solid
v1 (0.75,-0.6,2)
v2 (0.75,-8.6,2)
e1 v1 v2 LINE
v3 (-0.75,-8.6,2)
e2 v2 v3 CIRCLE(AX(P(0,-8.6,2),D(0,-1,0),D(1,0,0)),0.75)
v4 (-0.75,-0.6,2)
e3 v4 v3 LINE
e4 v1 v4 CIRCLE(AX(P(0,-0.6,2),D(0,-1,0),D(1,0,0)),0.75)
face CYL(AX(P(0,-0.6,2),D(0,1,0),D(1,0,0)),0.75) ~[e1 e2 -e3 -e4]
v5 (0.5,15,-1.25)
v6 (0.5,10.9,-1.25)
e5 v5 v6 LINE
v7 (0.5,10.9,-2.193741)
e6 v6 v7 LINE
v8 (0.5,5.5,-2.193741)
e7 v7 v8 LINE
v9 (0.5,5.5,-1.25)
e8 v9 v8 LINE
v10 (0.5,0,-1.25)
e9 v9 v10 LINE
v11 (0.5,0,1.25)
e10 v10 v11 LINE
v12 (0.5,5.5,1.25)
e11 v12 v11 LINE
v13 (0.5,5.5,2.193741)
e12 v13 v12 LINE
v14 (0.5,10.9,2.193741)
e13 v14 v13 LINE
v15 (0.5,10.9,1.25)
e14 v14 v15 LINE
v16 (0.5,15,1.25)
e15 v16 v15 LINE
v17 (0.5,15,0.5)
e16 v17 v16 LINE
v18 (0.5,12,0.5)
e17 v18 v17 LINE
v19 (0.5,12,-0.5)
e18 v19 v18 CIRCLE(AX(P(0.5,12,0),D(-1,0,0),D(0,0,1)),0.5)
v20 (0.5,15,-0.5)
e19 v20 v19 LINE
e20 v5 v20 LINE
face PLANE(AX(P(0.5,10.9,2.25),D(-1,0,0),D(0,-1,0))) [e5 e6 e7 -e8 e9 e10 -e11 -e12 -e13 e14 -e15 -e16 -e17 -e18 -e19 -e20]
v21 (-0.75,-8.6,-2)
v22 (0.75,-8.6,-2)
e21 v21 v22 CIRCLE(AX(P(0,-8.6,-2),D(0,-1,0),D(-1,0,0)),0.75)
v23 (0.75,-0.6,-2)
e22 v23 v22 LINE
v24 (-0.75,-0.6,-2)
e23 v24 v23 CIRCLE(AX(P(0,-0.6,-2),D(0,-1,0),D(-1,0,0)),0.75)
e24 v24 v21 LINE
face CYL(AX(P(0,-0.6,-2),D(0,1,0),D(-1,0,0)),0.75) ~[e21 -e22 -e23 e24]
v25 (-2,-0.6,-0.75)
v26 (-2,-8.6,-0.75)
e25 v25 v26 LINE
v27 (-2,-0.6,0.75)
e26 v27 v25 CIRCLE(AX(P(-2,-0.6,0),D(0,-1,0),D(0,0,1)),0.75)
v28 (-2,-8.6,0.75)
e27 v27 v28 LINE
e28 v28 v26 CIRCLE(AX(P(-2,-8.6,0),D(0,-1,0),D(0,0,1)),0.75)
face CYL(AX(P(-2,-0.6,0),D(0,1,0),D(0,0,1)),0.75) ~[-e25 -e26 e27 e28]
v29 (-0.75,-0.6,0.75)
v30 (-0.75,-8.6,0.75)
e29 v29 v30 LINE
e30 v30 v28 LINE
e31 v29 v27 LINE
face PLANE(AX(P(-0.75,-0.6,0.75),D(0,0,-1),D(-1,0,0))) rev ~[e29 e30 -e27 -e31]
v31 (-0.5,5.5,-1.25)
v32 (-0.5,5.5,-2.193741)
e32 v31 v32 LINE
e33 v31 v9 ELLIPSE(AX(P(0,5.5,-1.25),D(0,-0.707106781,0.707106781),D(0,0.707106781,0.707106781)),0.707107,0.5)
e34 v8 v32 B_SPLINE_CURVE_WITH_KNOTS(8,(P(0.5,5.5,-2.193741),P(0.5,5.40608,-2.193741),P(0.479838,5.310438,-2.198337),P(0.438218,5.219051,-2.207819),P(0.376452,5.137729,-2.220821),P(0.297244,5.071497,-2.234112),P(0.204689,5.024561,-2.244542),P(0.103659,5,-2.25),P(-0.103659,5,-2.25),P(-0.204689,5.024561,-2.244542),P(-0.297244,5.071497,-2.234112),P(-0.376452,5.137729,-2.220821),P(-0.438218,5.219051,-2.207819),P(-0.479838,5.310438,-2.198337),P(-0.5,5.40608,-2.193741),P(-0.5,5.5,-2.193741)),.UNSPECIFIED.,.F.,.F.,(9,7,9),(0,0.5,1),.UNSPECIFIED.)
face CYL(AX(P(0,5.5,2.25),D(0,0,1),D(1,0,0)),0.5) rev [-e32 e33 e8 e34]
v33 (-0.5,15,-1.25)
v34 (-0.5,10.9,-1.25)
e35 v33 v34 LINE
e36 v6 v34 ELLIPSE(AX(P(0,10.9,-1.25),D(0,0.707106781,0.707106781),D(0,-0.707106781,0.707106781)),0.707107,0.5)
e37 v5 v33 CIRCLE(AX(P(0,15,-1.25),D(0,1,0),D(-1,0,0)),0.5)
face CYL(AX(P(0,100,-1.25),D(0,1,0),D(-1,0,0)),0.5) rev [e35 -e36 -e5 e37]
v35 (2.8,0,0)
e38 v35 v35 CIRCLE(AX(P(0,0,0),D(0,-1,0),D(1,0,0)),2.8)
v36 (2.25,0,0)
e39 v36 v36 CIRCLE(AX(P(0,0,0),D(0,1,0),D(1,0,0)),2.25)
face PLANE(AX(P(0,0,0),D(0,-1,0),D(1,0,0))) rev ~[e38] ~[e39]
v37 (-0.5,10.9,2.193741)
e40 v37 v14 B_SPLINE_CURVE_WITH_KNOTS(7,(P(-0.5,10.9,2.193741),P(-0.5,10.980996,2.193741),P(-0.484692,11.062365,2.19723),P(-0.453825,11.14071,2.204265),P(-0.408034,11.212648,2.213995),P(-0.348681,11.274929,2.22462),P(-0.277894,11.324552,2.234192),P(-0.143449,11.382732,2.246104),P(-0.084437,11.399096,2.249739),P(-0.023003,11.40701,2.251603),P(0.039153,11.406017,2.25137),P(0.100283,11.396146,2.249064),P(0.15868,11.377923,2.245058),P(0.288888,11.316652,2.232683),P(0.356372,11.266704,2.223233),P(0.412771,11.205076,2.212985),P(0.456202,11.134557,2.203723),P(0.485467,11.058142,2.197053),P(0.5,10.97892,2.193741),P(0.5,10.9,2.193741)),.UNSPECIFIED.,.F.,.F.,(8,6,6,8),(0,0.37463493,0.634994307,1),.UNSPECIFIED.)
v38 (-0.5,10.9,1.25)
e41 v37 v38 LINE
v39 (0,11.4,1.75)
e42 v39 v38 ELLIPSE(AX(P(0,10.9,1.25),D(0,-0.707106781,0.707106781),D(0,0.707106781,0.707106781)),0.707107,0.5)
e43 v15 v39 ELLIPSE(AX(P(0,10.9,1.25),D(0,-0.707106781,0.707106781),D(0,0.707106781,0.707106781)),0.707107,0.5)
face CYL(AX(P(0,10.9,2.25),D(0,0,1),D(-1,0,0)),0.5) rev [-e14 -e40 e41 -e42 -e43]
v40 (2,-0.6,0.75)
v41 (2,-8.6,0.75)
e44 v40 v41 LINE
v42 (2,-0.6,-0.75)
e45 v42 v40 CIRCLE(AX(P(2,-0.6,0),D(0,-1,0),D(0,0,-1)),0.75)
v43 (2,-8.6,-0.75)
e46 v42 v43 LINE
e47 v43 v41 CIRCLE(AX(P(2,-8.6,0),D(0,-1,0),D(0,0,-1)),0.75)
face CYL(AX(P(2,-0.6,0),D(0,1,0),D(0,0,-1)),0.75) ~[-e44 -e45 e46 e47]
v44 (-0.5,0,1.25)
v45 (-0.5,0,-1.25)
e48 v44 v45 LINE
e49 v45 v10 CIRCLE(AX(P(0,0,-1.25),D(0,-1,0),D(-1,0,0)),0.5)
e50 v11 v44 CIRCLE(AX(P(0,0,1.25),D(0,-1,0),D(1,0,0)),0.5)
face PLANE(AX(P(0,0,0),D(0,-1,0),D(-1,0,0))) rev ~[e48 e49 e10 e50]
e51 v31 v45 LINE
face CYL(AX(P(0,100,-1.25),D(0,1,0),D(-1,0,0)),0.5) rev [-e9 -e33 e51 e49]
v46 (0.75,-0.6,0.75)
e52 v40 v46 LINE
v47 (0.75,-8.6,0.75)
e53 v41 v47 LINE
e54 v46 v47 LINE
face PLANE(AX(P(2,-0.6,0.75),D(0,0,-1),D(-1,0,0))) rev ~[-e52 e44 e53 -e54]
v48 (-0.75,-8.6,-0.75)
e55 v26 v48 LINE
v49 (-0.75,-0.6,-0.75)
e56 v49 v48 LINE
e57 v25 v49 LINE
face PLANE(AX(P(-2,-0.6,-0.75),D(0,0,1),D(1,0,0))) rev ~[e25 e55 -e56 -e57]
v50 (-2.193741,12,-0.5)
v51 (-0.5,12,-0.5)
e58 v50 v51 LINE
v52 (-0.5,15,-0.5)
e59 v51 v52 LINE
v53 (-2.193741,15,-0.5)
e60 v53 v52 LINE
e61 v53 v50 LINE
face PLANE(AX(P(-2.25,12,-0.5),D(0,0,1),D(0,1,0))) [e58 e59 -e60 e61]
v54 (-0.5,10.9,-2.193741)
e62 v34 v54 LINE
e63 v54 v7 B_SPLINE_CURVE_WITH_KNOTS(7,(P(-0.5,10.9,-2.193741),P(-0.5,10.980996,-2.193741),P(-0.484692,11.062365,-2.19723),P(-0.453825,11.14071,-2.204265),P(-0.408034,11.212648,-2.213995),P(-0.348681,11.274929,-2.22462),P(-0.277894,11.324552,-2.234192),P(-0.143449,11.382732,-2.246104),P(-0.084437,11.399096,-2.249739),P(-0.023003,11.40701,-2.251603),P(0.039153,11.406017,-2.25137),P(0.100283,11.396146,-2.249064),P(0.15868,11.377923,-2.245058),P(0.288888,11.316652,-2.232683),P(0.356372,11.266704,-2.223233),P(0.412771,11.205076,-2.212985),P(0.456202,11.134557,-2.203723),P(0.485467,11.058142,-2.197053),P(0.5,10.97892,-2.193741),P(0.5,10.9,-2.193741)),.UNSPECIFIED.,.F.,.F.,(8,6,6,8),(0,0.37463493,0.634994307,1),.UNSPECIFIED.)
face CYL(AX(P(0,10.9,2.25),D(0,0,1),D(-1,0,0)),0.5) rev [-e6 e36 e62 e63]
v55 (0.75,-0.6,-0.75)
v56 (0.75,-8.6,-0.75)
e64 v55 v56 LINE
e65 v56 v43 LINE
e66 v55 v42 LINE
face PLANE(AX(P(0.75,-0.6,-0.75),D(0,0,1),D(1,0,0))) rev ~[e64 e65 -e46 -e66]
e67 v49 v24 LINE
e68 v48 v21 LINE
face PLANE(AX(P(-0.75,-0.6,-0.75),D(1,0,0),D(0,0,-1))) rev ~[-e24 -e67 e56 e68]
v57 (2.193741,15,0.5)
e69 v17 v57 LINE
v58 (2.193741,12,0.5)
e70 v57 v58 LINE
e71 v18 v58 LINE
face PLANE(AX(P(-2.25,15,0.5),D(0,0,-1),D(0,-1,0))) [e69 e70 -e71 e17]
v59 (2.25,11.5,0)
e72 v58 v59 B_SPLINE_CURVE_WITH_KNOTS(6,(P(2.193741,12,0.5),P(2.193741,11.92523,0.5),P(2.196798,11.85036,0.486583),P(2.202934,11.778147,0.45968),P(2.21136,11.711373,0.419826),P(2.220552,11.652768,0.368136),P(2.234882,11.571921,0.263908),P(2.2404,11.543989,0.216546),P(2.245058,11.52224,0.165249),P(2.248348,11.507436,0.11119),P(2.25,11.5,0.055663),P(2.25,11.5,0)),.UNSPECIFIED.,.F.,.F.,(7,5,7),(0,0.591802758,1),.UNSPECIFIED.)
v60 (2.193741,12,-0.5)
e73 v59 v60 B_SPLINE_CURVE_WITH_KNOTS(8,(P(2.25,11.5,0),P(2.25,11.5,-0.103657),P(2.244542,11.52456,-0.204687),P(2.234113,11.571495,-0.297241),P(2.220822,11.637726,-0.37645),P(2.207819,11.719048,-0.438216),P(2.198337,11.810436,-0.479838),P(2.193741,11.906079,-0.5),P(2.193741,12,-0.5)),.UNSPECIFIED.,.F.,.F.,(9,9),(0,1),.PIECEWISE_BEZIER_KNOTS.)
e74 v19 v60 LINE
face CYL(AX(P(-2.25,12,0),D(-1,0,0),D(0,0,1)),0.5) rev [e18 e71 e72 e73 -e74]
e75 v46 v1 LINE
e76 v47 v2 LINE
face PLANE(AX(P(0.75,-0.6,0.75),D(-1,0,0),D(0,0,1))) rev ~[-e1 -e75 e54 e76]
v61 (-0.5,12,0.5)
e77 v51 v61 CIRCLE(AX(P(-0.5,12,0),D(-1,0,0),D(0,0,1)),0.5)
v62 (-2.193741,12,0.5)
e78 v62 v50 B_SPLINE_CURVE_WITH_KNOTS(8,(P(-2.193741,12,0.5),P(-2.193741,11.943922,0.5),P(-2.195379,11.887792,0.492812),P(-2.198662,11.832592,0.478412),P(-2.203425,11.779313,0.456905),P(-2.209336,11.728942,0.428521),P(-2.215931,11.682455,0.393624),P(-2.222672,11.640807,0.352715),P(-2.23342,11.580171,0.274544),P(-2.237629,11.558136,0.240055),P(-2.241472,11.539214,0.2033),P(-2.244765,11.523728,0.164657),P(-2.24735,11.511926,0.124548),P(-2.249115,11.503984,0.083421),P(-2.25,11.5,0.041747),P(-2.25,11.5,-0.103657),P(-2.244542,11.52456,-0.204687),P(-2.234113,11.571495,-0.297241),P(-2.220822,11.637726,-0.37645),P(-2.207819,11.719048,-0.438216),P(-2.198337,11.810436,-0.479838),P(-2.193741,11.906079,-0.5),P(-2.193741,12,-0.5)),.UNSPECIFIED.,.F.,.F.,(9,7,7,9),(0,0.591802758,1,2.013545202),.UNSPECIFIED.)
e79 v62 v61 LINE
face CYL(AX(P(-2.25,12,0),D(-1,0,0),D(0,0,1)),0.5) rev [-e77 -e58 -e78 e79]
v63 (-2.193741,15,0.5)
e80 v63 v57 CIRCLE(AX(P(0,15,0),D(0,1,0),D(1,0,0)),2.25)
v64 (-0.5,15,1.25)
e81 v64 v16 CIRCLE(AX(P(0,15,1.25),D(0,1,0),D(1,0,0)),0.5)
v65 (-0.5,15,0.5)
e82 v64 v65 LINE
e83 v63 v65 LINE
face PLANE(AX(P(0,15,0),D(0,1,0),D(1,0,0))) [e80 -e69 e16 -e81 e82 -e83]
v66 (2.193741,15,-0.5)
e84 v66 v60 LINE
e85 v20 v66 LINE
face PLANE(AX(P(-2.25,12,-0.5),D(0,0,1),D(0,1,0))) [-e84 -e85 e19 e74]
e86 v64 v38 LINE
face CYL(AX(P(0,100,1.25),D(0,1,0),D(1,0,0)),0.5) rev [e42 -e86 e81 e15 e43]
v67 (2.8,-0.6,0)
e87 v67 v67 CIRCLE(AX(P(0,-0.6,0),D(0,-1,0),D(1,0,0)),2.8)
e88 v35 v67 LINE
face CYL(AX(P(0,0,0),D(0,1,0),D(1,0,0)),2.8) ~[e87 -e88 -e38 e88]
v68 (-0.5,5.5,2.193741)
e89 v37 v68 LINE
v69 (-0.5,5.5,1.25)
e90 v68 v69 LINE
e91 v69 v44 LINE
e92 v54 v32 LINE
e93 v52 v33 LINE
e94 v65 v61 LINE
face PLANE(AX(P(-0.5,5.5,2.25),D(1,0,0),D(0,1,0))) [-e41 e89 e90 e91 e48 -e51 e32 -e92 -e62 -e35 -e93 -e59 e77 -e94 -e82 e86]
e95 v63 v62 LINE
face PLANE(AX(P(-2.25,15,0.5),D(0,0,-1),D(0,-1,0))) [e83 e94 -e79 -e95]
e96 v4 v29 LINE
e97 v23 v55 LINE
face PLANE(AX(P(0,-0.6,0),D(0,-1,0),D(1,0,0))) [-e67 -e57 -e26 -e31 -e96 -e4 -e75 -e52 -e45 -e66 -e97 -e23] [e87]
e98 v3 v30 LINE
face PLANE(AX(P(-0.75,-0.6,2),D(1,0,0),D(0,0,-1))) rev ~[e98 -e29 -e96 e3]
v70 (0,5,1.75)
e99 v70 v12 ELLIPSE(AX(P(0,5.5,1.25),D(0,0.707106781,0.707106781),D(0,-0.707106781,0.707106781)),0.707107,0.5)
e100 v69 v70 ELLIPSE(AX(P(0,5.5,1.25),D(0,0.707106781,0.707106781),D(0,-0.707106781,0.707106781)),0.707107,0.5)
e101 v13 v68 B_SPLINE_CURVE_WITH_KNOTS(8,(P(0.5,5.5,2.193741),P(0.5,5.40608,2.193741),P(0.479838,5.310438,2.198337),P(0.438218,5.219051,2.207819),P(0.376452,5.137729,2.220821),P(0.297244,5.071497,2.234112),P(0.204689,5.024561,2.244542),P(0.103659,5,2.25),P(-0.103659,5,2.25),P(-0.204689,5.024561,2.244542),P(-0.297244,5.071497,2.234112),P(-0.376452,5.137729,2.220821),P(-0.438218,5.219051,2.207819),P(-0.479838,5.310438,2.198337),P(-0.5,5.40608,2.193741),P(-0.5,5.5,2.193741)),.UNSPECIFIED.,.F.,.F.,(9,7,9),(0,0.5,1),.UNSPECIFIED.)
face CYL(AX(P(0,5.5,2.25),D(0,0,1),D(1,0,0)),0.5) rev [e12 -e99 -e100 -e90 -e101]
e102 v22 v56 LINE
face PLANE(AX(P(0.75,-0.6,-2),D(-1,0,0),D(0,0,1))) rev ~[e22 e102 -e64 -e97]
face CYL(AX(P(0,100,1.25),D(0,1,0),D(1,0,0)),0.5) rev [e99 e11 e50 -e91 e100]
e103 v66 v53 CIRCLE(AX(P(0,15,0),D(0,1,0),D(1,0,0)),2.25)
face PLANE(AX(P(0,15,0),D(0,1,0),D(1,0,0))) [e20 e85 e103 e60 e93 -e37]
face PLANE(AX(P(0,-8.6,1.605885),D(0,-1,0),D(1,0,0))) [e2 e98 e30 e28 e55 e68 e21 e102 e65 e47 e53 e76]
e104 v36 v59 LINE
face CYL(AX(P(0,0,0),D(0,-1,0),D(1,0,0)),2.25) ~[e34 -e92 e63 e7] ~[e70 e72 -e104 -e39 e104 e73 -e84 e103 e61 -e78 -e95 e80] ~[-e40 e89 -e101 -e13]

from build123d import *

# Parameters (mm, degrees)
SKETCH1_R           = 2.25
BOSS_EXTRUDE1_DEPTH = 15
SKETCH2_R           = 2.8
BOSS_EXTRUDE2_DEPTH = 0.6
CUT_EXTRUDE1_DEPTH  = 6.05
CUT_EXTRUDE5_DEPTH  = 6.05
CUT_EXTRUDE6_DEPTH  = 100
SKETCH11_W          = 1.5
SKETCH11_H          = 1.5
BOSS_EXTRUDE3_DEPTH = 8


with BuildPart() as part:
    # Sketch1 → Boss-Extrude1 (new body)
    with BuildSketch(Plane(origin=(0, 0, 0), x_dir=(1, 0, 0), z_dir=(0, 1, 0))):
        Circle(SKETCH1_R)
    extrude(amount=BOSS_EXTRUDE1_DEPTH)

    # Sketch2 → Boss-Extrude2 (add)
    with BuildSketch(Plane.XZ):
        Circle(SKETCH2_R)
    extrude(amount=BOSS_EXTRUDE2_DEPTH)

    # Sketch3 → Cut-Extrude1 (cut, through all)
    with BuildSketch(Plane.ZY.offset(2.25)):
        with BuildLine():
            Line((-0.5, 12), (-0.5, 15))
            ThreePointArc((-0.5, 15), (0, 15.5), (0.5, 15))
            Line((0.5, 15), (0.5, 12))
            ThreePointArc((0.5, 12), (0, 11.5), (-0.5, 12))
        make_face()
    extrude(amount=-CUT_EXTRUDE1_DEPTH, mode=Mode.SUBTRACT)

    # Sketch6 → Cut-Extrude5 (cut, through all)
    with BuildSketch(Plane.XY.offset(2.25)):
        with BuildLine():
            Line((-0.5, 5.5), (-0.5, 10.9))
            ThreePointArc((-0.5, 10.9), (0, 11.4), (0.5, 10.9))
            Line((0.5, 10.9), (0.5, 5.5))
            ThreePointArc((0.5, 5.5), (0, 5), (-0.5, 5.5))
        make_face()
    extrude(amount=-CUT_EXTRUDE5_DEPTH, mode=Mode.SUBTRACT)

    # Sketch8 → Cut-Extrude6 (cut)
    with BuildSketch(Plane(origin=(0, 100, 0), x_dir=(1, 0, 0), z_dir=(0, 1, 0))):
        with BuildLine():
            Line((0.5, 1.25), (0.5, -1.25))
            ThreePointArc((0.5, -1.25), (0, -1.75), (-0.5, -1.25))
            Line((-0.5, -1.25), (-0.5, 1.25))
            ThreePointArc((-0.5, 1.25), (0, 1.75), (0.5, 1.25))
        make_face()
    extrude(amount=-CUT_EXTRUDE6_DEPTH, mode=Mode.SUBTRACT)

    # Sketch11 → Boss-Extrude3 (add)
    with BuildSketch(Plane.XZ.offset(0.6)):
        with BuildLine():
            Line((-0.75, 2), (-0.75, 0.75))
            Line((-0.75, 0.75), (0.75, 0.75))
            Line((0.75, 0.75), (0.75, 2))
            ThreePointArc((0.75, 2), (0, 2.75), (-0.75, 2))
        make_face()
        Rectangle(SKETCH11_W, SKETCH11_H)
        with BuildLine():
            Line((0.75, 0.75), (0.75, -0.75))
            Line((0.75, -0.75), (2, -0.75))
            ThreePointArc((2, -0.75), (2.75, 0), (2, 0.75))
            Line((2, 0.75), (0.75, 0.75))
        make_face()
        with BuildLine():
            Line((-2, -0.75), (-0.75, -0.75))
            Line((-0.75, -0.75), (-0.75, 0.75))
            Line((-0.75, 0.75), (-2, 0.75))
            ThreePointArc((-2, 0.75), (-2.75, 0), (-2, -0.75))
        make_face()
        with BuildLine():
            Line((-0.75, -0.75), (-0.75, -2))
            ThreePointArc((-0.75, -2), (0, -2.75), (0.75, -2))
            Line((0.75, -2), (0.75, -0.75))
            Line((0.75, -0.75), (-0.75, -0.75))
        make_face()
    extrude(amount=BOSS_EXTRUDE3_DEPTH)


solid = part.part
